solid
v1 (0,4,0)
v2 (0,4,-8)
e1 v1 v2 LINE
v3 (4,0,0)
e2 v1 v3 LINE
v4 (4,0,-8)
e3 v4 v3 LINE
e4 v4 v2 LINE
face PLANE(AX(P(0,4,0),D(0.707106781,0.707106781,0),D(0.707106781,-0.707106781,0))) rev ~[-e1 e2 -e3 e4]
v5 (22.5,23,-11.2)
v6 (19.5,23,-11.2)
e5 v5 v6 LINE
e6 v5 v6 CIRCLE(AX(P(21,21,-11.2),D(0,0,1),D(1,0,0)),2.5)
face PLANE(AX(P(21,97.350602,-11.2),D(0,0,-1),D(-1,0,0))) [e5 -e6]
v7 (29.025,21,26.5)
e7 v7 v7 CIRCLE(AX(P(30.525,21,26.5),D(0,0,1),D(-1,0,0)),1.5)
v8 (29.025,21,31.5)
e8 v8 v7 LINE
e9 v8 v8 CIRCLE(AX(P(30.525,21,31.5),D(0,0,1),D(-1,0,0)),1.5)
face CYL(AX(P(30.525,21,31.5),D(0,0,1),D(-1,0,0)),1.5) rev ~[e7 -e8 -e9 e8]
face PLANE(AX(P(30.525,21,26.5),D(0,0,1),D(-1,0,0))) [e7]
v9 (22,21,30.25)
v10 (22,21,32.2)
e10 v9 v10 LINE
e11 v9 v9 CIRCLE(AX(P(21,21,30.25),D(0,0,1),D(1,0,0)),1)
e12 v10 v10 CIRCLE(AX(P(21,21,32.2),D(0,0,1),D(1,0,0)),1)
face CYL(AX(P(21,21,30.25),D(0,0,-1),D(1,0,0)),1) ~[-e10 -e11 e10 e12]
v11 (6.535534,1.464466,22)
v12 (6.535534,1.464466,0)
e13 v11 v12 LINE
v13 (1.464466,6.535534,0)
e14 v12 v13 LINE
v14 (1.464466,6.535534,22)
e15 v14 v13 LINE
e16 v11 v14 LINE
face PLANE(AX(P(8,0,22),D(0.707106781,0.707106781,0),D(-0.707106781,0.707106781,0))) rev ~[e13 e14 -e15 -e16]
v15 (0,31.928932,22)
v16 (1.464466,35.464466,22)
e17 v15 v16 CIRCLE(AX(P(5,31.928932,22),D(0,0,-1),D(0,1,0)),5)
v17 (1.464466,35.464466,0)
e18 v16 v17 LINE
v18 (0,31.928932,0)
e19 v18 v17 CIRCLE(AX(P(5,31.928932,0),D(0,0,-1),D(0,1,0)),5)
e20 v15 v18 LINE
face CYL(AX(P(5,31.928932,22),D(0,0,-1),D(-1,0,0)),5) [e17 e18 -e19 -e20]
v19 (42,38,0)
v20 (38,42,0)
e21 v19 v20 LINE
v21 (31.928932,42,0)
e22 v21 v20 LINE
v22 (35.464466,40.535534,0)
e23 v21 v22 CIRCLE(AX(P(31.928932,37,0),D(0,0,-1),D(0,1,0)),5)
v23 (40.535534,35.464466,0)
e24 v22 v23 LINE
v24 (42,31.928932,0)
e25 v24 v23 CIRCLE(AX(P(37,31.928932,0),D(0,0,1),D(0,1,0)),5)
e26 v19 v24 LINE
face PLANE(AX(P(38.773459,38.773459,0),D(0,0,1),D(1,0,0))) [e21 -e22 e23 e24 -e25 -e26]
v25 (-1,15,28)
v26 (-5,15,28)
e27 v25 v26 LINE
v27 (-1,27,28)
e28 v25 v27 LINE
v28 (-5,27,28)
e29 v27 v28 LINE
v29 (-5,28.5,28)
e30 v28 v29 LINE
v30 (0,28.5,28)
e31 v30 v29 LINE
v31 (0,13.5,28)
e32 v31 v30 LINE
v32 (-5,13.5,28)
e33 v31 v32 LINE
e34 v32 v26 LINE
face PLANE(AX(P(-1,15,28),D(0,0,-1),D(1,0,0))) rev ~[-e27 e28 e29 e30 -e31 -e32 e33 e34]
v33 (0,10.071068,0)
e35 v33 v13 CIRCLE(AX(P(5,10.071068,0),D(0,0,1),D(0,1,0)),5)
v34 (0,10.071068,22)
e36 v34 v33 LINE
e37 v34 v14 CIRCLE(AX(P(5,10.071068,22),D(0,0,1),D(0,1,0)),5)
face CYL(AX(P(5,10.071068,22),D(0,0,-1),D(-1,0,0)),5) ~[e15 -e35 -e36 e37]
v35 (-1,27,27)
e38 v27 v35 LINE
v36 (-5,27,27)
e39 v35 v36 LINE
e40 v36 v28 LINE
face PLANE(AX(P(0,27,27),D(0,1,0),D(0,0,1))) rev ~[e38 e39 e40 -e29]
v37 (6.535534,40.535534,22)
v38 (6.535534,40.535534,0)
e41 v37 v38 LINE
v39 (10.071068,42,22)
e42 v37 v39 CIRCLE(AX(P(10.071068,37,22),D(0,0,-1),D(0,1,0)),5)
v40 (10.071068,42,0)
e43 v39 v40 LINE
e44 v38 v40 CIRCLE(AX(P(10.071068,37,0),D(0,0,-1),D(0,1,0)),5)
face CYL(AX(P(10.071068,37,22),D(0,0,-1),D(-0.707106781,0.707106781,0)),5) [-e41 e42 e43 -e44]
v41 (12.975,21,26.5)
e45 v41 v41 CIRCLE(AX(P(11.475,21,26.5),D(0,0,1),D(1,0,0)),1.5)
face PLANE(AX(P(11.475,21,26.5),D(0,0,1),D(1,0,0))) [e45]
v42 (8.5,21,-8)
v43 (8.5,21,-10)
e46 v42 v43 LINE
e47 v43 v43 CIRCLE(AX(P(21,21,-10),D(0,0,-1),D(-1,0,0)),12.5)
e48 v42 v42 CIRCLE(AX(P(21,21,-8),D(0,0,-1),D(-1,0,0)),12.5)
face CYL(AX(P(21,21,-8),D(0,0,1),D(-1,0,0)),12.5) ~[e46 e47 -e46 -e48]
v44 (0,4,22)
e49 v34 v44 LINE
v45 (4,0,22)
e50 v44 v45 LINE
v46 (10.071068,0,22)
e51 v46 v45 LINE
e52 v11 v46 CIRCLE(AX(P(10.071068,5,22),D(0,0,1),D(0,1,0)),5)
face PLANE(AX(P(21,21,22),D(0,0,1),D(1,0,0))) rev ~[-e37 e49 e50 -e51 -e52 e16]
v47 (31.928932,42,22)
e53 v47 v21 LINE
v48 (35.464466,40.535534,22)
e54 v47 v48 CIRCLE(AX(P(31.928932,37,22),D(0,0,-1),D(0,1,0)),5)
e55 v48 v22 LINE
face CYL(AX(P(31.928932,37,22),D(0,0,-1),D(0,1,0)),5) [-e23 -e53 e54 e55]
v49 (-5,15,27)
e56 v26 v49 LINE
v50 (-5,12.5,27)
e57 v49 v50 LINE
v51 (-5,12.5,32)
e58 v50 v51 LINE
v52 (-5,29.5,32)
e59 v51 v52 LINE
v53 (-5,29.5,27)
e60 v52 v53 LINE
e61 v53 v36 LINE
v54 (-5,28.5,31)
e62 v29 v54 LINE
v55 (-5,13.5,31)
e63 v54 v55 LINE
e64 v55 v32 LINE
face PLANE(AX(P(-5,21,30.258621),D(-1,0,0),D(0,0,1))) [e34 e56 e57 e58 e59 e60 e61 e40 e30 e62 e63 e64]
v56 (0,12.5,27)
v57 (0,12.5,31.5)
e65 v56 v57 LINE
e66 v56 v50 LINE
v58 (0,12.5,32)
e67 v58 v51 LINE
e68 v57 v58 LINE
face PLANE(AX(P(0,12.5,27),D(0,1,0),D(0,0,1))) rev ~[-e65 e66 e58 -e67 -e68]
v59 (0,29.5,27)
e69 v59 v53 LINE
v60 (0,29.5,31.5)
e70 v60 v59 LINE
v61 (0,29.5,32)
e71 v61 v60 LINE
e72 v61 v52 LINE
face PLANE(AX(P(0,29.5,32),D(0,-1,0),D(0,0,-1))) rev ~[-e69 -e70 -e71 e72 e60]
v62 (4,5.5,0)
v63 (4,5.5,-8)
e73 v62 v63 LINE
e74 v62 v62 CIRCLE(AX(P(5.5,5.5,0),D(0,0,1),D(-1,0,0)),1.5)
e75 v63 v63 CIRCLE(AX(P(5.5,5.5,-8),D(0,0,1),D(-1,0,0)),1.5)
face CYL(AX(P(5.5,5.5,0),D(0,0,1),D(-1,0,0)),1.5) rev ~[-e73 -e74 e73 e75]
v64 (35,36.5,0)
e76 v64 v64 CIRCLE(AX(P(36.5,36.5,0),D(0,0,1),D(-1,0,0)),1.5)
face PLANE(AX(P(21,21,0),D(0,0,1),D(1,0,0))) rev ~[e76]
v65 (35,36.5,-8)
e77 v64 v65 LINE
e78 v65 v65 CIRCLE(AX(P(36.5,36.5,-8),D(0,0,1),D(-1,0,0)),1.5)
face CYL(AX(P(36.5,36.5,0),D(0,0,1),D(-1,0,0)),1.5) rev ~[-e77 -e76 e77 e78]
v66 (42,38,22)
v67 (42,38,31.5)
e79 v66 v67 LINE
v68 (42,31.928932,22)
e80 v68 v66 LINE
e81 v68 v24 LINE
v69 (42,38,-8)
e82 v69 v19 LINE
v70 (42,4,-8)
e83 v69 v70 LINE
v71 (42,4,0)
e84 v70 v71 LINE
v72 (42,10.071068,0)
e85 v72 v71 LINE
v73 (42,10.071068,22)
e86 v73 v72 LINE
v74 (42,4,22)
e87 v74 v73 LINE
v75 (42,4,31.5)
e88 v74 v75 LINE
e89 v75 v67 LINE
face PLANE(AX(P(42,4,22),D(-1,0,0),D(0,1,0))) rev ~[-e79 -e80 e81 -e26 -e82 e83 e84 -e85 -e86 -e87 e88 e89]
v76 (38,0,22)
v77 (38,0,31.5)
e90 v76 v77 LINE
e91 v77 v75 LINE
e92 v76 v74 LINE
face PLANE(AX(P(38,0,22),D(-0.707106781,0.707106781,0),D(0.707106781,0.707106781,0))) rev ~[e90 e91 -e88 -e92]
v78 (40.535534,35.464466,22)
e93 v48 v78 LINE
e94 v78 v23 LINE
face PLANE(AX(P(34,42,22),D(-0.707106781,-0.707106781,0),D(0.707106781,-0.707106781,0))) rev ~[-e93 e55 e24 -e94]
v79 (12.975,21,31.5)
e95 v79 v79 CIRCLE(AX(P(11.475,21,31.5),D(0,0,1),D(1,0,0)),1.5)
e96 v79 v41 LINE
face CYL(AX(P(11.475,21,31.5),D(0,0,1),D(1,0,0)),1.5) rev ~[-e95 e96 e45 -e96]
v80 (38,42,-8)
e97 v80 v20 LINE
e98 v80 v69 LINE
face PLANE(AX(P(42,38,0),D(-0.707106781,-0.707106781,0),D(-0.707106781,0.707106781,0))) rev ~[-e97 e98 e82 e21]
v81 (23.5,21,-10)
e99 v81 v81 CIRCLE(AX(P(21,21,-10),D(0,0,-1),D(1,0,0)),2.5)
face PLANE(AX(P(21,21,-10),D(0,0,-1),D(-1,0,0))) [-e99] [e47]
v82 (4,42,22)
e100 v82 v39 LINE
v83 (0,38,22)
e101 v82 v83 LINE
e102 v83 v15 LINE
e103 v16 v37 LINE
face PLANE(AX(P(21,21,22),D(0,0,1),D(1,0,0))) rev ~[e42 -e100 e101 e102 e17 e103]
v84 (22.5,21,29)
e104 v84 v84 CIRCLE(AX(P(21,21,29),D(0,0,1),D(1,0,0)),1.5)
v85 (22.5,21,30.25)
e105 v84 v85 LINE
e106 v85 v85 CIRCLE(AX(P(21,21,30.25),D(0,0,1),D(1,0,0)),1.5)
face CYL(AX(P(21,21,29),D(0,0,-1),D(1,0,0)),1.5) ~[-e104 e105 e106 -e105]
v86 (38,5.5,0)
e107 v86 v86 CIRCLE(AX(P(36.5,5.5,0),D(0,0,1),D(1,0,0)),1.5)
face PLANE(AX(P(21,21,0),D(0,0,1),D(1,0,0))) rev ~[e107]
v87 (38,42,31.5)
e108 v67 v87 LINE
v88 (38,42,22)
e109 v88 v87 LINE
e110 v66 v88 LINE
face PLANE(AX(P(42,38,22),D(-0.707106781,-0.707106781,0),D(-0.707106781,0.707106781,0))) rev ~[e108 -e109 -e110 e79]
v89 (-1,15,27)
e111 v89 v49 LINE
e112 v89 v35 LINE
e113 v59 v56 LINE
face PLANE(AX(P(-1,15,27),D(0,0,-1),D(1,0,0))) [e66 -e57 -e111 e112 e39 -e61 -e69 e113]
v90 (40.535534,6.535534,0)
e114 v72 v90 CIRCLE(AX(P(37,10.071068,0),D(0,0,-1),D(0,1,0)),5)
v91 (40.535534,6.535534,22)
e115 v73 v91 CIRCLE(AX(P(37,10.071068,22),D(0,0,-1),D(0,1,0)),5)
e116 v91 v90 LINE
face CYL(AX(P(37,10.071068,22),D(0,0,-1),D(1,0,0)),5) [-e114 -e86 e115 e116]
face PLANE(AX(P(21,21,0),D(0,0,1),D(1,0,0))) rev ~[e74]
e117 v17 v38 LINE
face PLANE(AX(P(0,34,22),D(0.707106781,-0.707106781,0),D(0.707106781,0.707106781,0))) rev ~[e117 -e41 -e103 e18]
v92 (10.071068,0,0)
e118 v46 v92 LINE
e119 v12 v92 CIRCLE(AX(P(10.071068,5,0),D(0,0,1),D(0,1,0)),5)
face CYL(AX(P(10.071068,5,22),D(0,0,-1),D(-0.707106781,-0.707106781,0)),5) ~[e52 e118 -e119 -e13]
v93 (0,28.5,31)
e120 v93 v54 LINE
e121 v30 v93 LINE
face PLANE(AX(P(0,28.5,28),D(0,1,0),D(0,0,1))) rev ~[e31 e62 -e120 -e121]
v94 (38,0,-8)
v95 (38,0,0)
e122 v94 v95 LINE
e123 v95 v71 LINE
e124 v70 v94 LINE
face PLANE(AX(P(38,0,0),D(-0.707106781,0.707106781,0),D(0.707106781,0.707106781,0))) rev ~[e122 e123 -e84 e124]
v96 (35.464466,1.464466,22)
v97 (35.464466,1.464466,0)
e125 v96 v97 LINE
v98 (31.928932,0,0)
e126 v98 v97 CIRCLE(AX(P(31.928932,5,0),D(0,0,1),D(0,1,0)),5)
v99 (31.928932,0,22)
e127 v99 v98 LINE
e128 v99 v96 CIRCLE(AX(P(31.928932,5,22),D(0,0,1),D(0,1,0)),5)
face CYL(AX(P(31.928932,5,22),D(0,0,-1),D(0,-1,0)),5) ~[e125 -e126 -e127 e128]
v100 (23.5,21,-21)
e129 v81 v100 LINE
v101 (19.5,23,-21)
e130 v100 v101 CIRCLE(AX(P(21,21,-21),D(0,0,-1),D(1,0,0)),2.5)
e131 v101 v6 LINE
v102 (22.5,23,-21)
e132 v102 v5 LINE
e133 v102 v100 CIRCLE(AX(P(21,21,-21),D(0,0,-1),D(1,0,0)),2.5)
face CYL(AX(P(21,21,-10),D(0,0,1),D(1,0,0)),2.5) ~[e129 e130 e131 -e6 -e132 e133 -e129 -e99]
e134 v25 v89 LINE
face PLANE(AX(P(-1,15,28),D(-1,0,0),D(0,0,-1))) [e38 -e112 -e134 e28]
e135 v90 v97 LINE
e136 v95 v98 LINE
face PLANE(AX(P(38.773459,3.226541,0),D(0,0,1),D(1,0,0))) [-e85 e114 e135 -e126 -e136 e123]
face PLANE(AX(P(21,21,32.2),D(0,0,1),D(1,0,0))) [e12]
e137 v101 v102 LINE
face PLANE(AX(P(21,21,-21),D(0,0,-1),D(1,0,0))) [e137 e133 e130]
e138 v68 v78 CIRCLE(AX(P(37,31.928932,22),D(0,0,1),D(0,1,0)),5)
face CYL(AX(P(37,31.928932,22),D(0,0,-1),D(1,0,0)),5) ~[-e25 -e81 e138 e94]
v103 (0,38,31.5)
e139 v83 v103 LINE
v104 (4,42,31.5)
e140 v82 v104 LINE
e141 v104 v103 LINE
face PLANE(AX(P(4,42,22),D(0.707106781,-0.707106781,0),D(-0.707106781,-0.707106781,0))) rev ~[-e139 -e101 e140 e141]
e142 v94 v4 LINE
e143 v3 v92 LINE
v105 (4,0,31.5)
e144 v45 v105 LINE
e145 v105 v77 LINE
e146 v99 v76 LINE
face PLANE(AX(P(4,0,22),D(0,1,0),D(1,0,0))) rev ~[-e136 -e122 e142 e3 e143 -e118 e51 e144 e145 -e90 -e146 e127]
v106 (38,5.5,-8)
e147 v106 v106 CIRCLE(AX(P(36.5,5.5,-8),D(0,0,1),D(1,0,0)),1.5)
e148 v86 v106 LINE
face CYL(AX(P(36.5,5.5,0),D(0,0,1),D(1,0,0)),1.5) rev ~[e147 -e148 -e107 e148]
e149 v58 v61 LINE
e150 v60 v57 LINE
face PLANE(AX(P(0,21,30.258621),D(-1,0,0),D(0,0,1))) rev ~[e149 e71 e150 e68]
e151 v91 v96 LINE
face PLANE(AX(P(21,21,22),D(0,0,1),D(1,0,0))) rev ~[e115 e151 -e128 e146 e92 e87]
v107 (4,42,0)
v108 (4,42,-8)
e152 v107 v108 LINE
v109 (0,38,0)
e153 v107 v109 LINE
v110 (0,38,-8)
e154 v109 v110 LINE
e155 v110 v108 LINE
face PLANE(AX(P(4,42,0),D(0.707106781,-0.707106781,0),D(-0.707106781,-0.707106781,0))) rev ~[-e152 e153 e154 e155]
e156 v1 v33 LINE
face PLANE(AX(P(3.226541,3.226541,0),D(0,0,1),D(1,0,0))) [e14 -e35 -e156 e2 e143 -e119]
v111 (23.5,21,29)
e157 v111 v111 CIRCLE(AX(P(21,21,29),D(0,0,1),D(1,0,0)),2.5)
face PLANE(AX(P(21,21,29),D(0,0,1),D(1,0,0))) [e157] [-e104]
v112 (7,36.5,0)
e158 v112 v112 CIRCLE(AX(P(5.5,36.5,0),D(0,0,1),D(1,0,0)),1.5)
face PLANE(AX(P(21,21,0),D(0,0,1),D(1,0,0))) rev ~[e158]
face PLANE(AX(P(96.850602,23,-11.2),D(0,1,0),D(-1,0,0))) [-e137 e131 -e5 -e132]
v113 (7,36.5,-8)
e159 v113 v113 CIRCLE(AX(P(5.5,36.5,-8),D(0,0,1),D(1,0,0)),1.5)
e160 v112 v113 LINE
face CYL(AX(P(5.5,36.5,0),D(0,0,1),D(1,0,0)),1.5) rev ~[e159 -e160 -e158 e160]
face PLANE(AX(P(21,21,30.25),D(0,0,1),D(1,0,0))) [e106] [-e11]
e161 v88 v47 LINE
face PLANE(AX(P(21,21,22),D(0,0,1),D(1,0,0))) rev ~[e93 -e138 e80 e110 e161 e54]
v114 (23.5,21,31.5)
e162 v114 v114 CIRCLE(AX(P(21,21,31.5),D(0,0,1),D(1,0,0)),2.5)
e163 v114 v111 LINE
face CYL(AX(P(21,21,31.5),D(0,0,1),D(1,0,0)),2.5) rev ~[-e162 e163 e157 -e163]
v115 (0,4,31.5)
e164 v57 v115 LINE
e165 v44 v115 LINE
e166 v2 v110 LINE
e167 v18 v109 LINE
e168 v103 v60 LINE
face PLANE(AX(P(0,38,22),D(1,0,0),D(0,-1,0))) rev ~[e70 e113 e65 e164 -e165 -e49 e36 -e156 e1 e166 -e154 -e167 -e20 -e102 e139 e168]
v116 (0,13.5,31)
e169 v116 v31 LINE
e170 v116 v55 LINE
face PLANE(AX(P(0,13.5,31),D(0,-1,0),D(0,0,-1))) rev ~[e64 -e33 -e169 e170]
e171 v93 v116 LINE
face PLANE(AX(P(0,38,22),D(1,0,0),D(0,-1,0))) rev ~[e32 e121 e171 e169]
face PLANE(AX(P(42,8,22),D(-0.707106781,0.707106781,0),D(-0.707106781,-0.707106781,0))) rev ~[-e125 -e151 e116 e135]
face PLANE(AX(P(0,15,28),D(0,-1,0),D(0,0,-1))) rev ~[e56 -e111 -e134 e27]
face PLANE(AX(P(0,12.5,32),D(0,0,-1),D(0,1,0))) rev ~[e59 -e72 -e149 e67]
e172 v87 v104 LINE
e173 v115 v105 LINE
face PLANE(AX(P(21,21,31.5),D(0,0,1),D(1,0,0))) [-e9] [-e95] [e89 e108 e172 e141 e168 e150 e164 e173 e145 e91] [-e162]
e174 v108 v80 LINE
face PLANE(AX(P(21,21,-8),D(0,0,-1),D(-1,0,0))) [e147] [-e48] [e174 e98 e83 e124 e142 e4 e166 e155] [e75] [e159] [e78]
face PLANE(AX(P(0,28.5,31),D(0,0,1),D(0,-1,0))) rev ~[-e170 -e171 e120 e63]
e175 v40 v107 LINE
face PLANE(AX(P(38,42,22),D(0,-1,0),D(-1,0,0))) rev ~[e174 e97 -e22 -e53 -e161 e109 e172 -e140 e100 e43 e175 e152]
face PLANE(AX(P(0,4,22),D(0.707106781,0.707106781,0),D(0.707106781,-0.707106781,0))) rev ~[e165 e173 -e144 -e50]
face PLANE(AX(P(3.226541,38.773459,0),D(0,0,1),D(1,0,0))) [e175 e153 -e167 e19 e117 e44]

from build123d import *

# Parameters (mm, degrees)
EXTRUDE_1_DEPTH          = 8
CUT_EXTRUDE_1_REACH      = 61.933
SKETCH_2_R               = 1.5
EXTRUDE_2_DEPTH          = 22
CUT_EXTRUDE_2_DEPTH      = 22
EXTRUDE_3_DEPTH          = 9.5
SKETCH_8_R               = 1.5
CUT_EXTRUDE_3_DEPTH      = 5
SKETCH_10_R              = 2.5
CUT_EXTRUDE_4_DEPTH      = 2.5
SKETCH_11_R              = 1.5
EXTRUDE_4_DEPTH          = 1.25
SKETCH_12_R              = 1
EXTRUDE_5_DEPTH          = 1.95
FILLET_3_R               = 5
SKETCH_13_R              = 12.5
EXTRUDE_6_DEPTH          = 2
SKETCH_14_R              = 2.5
EXTRUDE_7_DEPTH          = 11
CUT_EXTRUDE_5_DEPTH      = 80.738572849
CUT_EXTRUDE_5_DEPTH_BACK = 9.8
EXTRUDE_6_2_DEPTH        = 5
EXTRUDE_8_REACH          = 61.412
SKETCH_18_W              = 1
SKETCH_18_H              = 1


with BuildPart() as part:
    # 草图1 → 凸台-拉伸1 (new body)
    with BuildSketch(Plane.XY):
        Polygon((0, 38), (4, 42), (38, 42), (42, 38), (42, 4), (38, 0), (4, 0), (0, 4), align=None)
    extrude(amount=-EXTRUDE_1_DEPTH)

    # 草图2 → 切除-拉伸1 (cut, up to next)
    with BuildSketch(Plane.XY, mode=Mode.PRIVATE) as cut_extrude_1_sk1:
        with Locations((5.5, 36.5)):
            Circle(SKETCH_2_R)
    cut_extrude_1_tool1 = extrude(cut_extrude_1_sk1.sketch, amount=-CUT_EXTRUDE_1_REACH, mode=Mode.PRIVATE) & part.part
    # 草图2 → 切除-拉伸1 (cut, up to next)
    with BuildSketch(Plane.XY, mode=Mode.PRIVATE) as cut_extrude_1_sk2:
        with Locations(Location((5.5, 5.5, 0), (0, 0, 180))):
            Circle(SKETCH_2_R)
    cut_extrude_1_tool2 = extrude(cut_extrude_1_sk2.sketch, amount=-CUT_EXTRUDE_1_REACH, mode=Mode.PRIVATE) & part.part
    # 草图2 → 切除-拉伸1 (cut, up to next)
    with BuildSketch(Plane.XY, mode=Mode.PRIVATE) as cut_extrude_1_sk3:
        with Locations(Location((36.5, 36.5, 0), (0, 0, 180))):
            Circle(SKETCH_2_R)
    cut_extrude_1_tool3 = extrude(cut_extrude_1_sk3.sketch, amount=-CUT_EXTRUDE_1_REACH, mode=Mode.PRIVATE) & part.part
    # 草图2 → 切除-拉伸1 (cut, up to next)
    with BuildSketch(Plane.XY, mode=Mode.PRIVATE) as cut_extrude_1_sk4:
        with Locations((36.5, 5.5)):
            Circle(SKETCH_2_R)
    cut_extrude_1_tool4 = extrude(cut_extrude_1_sk4.sketch, amount=-CUT_EXTRUDE_1_REACH, mode=Mode.PRIVATE) & part.part
    add(cut_extrude_1_tool1.solids().sort_by_distance((5.5, 36.5, 0))[0], mode=Mode.SUBTRACT)
    add(cut_extrude_1_tool2.solids().sort_by_distance((5.5, 5.5, 0))[0], mode=Mode.SUBTRACT)
    add(cut_extrude_1_tool3.solids().sort_by_distance((36.5, 36.5, 0))[0], mode=Mode.SUBTRACT)
    add(cut_extrude_1_tool4.solids().sort_by_distance((36.5, 5.5, 0))[0], mode=Mode.SUBTRACT)

    # 草图5 → 凸台-拉伸2 (add)
    with BuildSketch(Plane.XY):
        Polygon((0, 4), (4, 0), (38, 0), (42, 4), (42, 38), (38, 42), (4, 42), (0, 38), align=None)
    extrude(amount=EXTRUDE_2_DEPTH)

    # 草图6 → 切除-拉伸2 (cut)
    with BuildSketch(Plane.XY.offset(22)):
        Polygon((8, 0), (0, 8), (0, 4), (4, 0), align=None)
        Polygon((42, 8), (34, 0), (38, 0), (42, 4), align=None)
        Polygon((38, 42), (34, 42), (42, 34), (42, 38), align=None)
        Polygon((0, 38), (0, 34), (8, 42), (4, 42), align=None)
    extrude(amount=-CUT_EXTRUDE_2_DEPTH, mode=Mode.SUBTRACT)

    # 草图7 → 凸台-拉伸3 (add)
    with BuildSketch(Plane.XY.offset(22)):
        Polygon((0, 38), (0, 4), (4, 0), (38, 0), (42, 4), (42, 38), (38, 42), (4, 42), align=None)
    extrude(amount=EXTRUDE_3_DEPTH)

    # 草图8 → 切除-拉伸3 (cut)
    with BuildSketch(Plane.XY.offset(31.5)):
        with Locations((11.475, 21)):
            Circle(SKETCH_8_R)
        with Locations(Location((30.525, 21, 0), (0, 0, 180))):
            Circle(SKETCH_8_R)
    extrude(amount=-CUT_EXTRUDE_3_DEPTH, mode=Mode.SUBTRACT)

    # 草图10 → 切除-拉伸4 (cut)
    with BuildSketch(Plane.XY.offset(31.5)):
        with Locations((21, 21)):
            Circle(SKETCH_10_R)
    extrude(amount=-CUT_EXTRUDE_4_DEPTH, mode=Mode.SUBTRACT)

    # 草图11 → 凸台-拉伸4 (add)
    with BuildSketch(Plane.XY.offset(29)):
        with Locations((21, 21)):
            Circle(SKETCH_11_R)
    extrude(amount=EXTRUDE_4_DEPTH)

    # 草图12 → 凸台-拉伸5 (add)
    with BuildSketch(Plane.XY.offset(30.25)):
        with Locations((21, 21)):
            Circle(SKETCH_12_R)
    extrude(amount=EXTRUDE_5_DEPTH)

    # 圆角3
    fillet_3_edges = [part.edges().sort_by_distance(p)[0] for p in [
        (42, 8, 11),
        (34, 0, 11),
        (0, 8, 11),
        (8, 0, 11),
        (0, 34, 11),
        (8, 42, 11),
        (42, 34, 11),
        (34, 42, 11),
    ]]
    fillet(fillet_3_edges, radius=FILLET_3_R)

    # 草图13 → Extrude 6 (add)
    with BuildSketch(Plane(origin=(0, 0, -8), x_dir=(-1, 0, 0), z_dir=(0, 0, -1))):
        with Locations((-21, 21)):
            Circle(SKETCH_13_R)
    extrude(amount=EXTRUDE_6_DEPTH)

    # 草图14 → 凸台-拉伸7 (add)
    with BuildSketch(Plane(origin=(0, 0, -10), x_dir=(-1, 0, 0), z_dir=(0, 0, -1))):
        with Locations(Location((-21, 21, 0), (0, 0, 180))):
            Circle(SKETCH_14_R)
    extrude(amount=EXTRUDE_7_DEPTH)

    # 草图16 → 切除-拉伸5 (cut, two sides: drawn at the far end of the back side and taken through both)
    with BuildSketch(Plane(origin=(0, 0, -21), x_dir=(-1, 0, 0), z_dir=(0, 0, -1)).offset(-CUT_EXTRUDE_5_DEPTH_BACK)):
        Polygon((-96.850602173, 23), (-22.5, 23), (-19.5, 23), (54.850602173, 23), (54.850602173, 171.701204346), (-96.850602173, 171.701204346), align=None)
    extrude(amount=CUT_EXTRUDE_5_DEPTH + CUT_EXTRUDE_5_DEPTH_BACK, mode=Mode.SUBTRACT)

    # 草图17 → Extrude 6 2 (add)
    with BuildSketch(Plane.ZY):
        Polygon((27, 15), (27, 12.5), (32, 12.5), (32, 29.5), (27, 29.5), (27, 27), (28, 27), (28, 28.5), (31, 28.5), (31, 13.5), (28, 13.5), (28, 15), align=None)
    extrude(amount=EXTRUDE_6_2_DEPTH)

    # 草图18 → 凸台-拉伸8 (add, up to next)
    with BuildSketch(Plane(origin=(0, 15, 0), x_dir=(1, 0, 0), z_dir=(0, 1, 0)), mode=Mode.PRIVATE) as extrude_8_sk1:
        with Locations((-0.5, -27.5)):
            Rectangle(SKETCH_18_W, SKETCH_18_H)
    extrude_8_tool1 = extrude(extrude_8_sk1.sketch, amount=EXTRUDE_8_REACH, mode=Mode.PRIVATE) - part.part
    add(extrude_8_tool1.solids().sort_by_distance((-0.5, 15, 27.5))[0])


solid = part.part
